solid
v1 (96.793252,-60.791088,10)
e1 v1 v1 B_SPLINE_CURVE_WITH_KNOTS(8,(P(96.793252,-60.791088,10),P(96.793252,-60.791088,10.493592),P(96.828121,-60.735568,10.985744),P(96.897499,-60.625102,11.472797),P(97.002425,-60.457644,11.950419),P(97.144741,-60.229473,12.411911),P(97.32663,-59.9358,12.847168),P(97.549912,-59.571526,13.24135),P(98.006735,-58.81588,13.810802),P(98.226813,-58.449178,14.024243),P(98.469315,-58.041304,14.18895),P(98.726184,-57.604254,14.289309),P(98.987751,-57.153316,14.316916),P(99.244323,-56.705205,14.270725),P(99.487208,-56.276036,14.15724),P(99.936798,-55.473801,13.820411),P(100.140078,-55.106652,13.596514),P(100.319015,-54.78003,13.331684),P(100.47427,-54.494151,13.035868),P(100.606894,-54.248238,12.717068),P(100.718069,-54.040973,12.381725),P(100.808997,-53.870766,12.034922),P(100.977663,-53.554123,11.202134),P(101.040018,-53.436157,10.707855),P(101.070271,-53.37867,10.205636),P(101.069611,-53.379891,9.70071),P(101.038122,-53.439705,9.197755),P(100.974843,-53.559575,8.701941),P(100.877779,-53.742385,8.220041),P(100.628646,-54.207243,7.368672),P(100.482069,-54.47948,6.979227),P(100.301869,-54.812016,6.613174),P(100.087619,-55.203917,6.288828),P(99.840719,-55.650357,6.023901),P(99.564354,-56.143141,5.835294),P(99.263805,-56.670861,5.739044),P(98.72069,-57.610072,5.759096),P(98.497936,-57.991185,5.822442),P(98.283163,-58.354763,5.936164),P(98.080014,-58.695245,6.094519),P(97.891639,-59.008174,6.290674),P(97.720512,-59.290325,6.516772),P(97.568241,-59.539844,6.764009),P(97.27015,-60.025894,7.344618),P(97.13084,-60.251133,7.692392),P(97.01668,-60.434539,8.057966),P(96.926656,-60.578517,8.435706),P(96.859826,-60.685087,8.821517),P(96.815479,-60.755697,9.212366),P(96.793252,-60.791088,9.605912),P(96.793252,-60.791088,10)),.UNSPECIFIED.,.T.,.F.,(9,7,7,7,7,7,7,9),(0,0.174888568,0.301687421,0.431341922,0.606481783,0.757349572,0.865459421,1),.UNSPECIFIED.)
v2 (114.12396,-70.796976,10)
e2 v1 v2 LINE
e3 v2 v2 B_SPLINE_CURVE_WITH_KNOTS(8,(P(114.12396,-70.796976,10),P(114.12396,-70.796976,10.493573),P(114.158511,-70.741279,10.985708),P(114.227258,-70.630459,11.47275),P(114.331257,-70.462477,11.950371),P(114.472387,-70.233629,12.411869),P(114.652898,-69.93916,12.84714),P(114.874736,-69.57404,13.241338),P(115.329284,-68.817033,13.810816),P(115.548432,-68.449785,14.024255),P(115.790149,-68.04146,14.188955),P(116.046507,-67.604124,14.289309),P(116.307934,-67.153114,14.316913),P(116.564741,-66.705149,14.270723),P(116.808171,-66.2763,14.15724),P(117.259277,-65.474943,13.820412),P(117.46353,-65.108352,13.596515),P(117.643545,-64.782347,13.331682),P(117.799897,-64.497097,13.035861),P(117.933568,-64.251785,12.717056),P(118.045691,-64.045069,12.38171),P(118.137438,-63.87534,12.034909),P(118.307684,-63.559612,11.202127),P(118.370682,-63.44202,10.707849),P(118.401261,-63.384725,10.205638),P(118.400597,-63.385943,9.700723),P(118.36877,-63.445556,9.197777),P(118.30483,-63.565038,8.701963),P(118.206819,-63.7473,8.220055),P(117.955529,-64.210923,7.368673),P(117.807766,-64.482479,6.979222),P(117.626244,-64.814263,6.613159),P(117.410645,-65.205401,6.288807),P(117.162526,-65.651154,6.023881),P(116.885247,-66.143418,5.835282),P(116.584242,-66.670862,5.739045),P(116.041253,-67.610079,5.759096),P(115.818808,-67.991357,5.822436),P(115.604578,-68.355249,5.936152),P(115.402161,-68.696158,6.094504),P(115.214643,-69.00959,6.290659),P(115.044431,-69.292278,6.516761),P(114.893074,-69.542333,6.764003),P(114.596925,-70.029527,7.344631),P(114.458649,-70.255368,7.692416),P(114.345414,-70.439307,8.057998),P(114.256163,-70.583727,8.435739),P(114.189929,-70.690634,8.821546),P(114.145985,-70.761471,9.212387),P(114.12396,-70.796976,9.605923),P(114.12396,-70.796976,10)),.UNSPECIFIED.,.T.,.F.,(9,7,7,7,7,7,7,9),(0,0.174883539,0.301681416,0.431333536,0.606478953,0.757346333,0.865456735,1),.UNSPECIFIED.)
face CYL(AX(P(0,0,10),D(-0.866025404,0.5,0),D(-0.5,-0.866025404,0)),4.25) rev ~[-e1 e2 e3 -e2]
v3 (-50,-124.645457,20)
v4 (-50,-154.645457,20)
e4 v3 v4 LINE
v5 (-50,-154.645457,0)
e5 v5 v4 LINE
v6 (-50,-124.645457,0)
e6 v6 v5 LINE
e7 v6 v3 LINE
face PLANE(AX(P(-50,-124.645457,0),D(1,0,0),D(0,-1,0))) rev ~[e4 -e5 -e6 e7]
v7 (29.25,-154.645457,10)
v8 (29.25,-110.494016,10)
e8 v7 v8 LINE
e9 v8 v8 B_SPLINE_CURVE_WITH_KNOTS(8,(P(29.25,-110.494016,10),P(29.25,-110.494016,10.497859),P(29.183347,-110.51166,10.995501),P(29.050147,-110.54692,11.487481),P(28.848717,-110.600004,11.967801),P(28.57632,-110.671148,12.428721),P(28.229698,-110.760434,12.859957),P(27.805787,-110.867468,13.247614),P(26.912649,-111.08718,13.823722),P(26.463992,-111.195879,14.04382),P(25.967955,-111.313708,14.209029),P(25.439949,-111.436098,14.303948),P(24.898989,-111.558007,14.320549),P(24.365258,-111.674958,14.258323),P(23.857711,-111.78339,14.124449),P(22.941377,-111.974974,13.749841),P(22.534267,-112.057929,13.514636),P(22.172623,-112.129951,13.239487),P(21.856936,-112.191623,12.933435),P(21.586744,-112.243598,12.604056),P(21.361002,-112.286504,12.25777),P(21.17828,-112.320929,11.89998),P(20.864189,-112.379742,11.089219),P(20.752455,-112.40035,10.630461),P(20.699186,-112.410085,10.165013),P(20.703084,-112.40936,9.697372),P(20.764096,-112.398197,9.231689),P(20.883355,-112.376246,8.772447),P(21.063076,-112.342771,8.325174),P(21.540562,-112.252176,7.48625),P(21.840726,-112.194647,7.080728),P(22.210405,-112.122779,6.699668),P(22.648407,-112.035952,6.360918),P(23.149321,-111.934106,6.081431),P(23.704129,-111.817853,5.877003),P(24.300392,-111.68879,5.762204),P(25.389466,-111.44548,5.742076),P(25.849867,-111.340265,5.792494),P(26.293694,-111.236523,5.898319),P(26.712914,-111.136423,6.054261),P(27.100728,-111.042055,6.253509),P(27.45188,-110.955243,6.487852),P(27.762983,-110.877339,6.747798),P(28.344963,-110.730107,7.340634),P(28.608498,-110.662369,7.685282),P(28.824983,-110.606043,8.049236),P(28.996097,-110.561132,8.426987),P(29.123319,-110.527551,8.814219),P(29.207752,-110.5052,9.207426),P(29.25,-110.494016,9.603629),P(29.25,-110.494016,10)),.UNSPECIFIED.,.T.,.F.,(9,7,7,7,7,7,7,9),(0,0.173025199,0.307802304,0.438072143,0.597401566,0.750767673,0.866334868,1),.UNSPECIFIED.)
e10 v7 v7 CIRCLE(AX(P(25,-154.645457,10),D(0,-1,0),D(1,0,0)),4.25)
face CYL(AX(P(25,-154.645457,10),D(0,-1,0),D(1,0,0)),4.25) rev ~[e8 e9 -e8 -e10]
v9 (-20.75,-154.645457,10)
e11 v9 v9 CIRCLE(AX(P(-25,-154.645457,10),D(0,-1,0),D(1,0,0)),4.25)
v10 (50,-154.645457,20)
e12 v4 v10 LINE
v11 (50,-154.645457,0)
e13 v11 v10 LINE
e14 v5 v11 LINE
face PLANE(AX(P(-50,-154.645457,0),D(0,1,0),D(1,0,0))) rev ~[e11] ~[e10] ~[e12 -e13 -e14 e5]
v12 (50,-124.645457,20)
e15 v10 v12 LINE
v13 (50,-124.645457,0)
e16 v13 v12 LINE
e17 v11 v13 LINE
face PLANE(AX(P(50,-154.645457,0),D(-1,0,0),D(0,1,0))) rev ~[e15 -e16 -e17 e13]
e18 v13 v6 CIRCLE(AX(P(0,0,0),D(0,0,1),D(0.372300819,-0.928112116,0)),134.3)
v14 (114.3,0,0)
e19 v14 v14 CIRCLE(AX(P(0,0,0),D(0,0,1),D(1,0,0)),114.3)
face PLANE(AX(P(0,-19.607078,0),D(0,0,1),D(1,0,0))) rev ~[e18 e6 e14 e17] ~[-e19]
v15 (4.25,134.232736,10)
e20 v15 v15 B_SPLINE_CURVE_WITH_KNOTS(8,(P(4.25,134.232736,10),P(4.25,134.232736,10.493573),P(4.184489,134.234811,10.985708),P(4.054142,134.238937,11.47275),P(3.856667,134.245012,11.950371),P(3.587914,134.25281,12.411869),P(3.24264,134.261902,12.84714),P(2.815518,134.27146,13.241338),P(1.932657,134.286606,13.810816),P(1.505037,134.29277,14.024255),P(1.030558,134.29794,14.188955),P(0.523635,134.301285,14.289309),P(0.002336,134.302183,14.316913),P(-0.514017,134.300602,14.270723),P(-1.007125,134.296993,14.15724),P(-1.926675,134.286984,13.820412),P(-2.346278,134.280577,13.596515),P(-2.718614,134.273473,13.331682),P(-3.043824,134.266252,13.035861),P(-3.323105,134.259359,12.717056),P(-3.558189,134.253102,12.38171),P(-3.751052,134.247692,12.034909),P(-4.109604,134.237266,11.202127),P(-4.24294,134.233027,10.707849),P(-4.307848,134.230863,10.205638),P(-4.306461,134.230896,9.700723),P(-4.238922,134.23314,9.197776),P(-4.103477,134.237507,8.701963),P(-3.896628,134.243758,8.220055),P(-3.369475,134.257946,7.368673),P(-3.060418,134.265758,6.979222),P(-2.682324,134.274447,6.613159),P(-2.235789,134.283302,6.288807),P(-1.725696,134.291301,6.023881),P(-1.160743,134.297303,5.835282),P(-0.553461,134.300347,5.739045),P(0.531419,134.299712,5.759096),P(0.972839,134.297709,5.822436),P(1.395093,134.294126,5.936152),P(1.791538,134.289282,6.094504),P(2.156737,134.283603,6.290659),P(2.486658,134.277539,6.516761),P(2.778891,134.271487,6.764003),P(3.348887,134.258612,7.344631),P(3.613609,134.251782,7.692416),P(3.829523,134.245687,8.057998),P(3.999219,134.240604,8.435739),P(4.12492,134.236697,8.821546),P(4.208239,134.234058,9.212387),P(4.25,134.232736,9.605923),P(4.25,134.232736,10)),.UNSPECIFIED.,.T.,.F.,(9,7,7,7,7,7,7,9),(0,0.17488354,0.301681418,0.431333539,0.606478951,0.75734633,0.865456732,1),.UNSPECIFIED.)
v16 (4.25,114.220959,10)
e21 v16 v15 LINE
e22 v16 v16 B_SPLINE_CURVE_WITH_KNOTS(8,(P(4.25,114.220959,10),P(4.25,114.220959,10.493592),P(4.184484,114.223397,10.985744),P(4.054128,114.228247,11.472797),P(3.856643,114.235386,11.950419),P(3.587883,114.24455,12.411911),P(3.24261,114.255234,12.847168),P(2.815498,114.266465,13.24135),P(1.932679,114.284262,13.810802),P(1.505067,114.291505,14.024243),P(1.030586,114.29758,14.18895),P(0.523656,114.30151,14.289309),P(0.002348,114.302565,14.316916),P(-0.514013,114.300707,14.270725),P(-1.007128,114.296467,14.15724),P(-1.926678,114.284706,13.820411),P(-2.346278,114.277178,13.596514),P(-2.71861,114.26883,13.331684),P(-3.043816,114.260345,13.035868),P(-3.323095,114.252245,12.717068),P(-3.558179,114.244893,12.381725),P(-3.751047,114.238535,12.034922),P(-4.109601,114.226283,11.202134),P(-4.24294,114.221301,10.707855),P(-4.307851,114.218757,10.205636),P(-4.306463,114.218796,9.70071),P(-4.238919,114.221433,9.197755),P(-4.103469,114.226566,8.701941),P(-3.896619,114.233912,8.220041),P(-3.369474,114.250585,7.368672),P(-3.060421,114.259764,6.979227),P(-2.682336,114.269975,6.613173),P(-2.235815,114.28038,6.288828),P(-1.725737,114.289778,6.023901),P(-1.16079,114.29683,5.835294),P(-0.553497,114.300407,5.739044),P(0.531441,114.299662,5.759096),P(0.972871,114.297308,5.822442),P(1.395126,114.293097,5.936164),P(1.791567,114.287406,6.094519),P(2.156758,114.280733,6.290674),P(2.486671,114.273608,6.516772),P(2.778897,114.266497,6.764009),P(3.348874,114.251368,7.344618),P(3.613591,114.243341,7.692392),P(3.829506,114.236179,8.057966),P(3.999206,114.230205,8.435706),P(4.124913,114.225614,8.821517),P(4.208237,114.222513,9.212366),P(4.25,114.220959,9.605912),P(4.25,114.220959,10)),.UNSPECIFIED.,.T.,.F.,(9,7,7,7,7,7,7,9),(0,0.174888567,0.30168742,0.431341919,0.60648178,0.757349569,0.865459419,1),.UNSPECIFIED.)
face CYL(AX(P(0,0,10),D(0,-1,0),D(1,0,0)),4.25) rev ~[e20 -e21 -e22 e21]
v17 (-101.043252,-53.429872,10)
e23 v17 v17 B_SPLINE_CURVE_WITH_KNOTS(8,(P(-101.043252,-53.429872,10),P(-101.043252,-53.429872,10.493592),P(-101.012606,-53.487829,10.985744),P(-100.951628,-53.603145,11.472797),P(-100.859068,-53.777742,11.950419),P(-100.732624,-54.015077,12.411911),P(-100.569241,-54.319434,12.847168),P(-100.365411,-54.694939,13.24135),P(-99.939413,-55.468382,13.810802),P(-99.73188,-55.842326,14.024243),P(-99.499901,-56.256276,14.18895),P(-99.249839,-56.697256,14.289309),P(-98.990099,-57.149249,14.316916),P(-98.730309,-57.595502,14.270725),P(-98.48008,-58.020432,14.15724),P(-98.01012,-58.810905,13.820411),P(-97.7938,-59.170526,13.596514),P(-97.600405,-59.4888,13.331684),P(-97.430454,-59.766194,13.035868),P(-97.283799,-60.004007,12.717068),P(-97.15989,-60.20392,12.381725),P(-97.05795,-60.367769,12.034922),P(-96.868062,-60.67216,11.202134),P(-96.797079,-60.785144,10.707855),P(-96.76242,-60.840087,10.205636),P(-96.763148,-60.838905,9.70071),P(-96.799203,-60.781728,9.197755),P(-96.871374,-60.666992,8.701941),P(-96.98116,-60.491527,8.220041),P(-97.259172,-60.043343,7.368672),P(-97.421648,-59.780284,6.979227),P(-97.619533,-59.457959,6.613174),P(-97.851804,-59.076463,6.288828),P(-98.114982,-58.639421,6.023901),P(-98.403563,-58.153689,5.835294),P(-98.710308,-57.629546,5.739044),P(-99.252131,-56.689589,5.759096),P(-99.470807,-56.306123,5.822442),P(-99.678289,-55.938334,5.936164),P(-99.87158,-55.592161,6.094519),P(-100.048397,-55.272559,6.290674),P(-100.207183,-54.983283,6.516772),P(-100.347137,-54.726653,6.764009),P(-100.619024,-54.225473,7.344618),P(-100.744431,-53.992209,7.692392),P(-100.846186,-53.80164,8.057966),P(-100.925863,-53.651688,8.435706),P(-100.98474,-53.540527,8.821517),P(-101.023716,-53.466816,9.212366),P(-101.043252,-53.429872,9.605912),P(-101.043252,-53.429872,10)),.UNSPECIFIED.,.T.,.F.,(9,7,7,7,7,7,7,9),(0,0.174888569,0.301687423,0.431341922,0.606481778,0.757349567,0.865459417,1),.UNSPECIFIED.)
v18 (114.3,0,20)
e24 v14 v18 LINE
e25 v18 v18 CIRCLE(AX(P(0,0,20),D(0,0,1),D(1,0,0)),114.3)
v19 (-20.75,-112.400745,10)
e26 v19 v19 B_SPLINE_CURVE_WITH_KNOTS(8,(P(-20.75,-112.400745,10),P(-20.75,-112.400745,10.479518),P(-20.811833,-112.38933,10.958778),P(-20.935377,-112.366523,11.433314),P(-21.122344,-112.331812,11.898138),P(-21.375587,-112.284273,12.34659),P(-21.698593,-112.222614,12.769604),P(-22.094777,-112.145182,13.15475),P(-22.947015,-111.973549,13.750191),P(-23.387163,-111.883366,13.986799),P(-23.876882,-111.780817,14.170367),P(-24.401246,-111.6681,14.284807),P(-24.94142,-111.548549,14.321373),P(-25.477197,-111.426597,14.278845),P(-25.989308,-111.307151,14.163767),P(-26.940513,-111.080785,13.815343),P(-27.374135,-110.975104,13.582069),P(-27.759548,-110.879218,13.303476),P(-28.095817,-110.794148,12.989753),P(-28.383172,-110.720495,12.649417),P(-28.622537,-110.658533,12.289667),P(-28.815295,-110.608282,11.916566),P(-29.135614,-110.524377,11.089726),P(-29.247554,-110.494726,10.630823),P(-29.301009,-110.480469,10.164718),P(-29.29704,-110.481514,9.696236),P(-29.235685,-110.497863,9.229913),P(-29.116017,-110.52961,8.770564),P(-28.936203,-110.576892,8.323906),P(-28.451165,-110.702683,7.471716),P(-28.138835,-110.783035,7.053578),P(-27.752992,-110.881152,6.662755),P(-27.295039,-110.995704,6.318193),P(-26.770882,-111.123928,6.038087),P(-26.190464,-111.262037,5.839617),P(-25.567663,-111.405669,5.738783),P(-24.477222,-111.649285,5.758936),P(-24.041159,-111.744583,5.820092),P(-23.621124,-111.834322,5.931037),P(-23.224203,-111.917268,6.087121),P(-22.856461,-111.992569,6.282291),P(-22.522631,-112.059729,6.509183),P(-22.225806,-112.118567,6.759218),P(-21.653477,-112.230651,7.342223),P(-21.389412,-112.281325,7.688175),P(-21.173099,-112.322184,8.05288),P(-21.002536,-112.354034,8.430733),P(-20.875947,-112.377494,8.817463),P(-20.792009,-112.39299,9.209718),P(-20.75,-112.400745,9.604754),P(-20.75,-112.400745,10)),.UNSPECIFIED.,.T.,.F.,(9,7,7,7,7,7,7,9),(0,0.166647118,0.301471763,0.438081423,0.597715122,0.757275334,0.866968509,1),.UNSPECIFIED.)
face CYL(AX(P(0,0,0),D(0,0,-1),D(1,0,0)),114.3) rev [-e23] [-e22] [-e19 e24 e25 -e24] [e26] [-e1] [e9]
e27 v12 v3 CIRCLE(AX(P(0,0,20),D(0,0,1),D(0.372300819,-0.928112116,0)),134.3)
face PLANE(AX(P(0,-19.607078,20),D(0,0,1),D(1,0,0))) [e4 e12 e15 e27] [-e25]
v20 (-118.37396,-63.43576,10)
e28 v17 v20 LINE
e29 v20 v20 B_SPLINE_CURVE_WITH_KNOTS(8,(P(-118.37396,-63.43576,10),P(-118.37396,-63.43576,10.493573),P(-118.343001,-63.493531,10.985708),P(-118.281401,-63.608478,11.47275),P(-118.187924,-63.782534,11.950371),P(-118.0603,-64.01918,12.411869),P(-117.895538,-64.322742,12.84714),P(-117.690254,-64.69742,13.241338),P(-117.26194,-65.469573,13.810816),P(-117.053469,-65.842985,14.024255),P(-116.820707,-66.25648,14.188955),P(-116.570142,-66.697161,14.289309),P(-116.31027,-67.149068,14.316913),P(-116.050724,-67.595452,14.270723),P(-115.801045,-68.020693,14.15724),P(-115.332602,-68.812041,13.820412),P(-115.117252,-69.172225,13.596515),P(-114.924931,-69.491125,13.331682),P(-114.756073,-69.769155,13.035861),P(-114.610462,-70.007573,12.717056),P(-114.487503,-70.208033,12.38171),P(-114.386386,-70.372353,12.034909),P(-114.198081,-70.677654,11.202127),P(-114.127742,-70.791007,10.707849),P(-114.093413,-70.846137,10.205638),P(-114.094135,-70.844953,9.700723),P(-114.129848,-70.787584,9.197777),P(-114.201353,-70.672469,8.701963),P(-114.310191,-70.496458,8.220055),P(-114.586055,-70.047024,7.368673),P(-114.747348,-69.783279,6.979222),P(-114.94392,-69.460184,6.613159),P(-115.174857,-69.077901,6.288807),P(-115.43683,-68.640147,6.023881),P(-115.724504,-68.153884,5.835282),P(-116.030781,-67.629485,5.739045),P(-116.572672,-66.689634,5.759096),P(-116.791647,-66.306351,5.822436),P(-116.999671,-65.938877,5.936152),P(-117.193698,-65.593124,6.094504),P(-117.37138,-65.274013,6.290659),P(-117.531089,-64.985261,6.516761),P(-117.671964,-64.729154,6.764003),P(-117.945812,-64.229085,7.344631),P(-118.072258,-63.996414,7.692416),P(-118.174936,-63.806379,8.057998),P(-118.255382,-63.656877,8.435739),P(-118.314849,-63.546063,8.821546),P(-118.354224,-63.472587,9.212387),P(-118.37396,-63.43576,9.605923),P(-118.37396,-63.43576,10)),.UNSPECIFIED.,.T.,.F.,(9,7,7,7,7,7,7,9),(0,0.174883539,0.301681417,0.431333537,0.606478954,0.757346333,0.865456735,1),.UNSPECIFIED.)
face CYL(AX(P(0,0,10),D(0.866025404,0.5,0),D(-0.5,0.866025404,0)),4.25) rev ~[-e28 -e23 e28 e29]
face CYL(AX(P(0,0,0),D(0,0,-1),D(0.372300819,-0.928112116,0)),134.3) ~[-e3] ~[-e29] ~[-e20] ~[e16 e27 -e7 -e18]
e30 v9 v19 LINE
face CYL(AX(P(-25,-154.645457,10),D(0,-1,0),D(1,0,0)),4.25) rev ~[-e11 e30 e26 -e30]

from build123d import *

# Parameters (mm, degrees)
SKETCH006_R           = 114.3
PAD003_DEPTH          = 20
SKETCH007_R           = 4.25
HOLE001_DEPTH         = 75
HOLE001_TIPS_R        = 4.25
SKETCH008_R           = 4.25
HOLE002_DEPTH         = 200
POLARPATTERN001_COUNT = 3
POLARPATTERN001_ANGLE = 240


with BuildPart() as part:
    # Sketch006 → Pad003 (new body)
    with BuildSketch(Plane.XY):
        with BuildLine():
            ThreePointArc((50, -124.645457), (0, 134.3), (-50, -124.645457))
            Line((-50, -124.645457), (-50, -154.645457))
            Line((-50, -154.645457), (50, -154.645457))
            Line((50, -154.645457), (50, -124.645457))
        make_face()
        Circle(SKETCH006_R, mode=Mode.SUBTRACT)
    extrude(amount=PAD003_DEPTH)

    # Sketch007 (on Face3 of Pad003) → Hole001 (cut)
    with BuildSketch(Plane.XZ.offset(154.645457)):
        with Locations((-25, 10)):
            Circle(SKETCH007_R)
        with Locations((25, 10)):
            Circle(SKETCH007_R)
    extrude(amount=-HOLE001_DEPTH, mode=Mode.SUBTRACT)

    # Hole001 tips → Hole001 tip 1 section 0
    with BuildSketch(Plane.XZ.offset(79.645457), mode=Mode.PRIVATE) as hole001_tip_1_s0:
        with Locations((-25, 10)):
            Circle(HOLE001_TIPS_R)
    loft([hole001_tip_1_s0.sketch, Vertex(-25, -77.0918, 10)], mode=Mode.SUBTRACT)

    # Hole001 tips → Hole001 tip 2 section 0
    with BuildSketch(Plane.XZ.offset(79.645457), mode=Mode.PRIVATE) as hole001_tip_2_s0:
        with Locations((25, 10)):
            Circle(HOLE001_TIPS_R)
    loft([hole001_tip_2_s0.sketch, Vertex(25, -77.0918, 10)], mode=Mode.SUBTRACT)

    # Sketch008 → Hole002 (cut)
    with BuildSketch(Plane.XZ):
        with Locations((0, 10)):
            Circle(SKETCH008_R)
    hole002 = extrude(amount=-HOLE002_DEPTH, mode=Mode.SUBTRACT)

    # PolarPattern001: Hole002 ×3 about axis
    polarpattern001_axis = Axis((0, 0, 0), (0, 0, 1))
    for i in range(1, POLARPATTERN001_COUNT):
        add(hole002.rotate(polarpattern001_axis, i * POLARPATTERN001_ANGLE / (POLARPATTERN001_COUNT - 1)), mode=Mode.SUBTRACT)


solid = part.part
